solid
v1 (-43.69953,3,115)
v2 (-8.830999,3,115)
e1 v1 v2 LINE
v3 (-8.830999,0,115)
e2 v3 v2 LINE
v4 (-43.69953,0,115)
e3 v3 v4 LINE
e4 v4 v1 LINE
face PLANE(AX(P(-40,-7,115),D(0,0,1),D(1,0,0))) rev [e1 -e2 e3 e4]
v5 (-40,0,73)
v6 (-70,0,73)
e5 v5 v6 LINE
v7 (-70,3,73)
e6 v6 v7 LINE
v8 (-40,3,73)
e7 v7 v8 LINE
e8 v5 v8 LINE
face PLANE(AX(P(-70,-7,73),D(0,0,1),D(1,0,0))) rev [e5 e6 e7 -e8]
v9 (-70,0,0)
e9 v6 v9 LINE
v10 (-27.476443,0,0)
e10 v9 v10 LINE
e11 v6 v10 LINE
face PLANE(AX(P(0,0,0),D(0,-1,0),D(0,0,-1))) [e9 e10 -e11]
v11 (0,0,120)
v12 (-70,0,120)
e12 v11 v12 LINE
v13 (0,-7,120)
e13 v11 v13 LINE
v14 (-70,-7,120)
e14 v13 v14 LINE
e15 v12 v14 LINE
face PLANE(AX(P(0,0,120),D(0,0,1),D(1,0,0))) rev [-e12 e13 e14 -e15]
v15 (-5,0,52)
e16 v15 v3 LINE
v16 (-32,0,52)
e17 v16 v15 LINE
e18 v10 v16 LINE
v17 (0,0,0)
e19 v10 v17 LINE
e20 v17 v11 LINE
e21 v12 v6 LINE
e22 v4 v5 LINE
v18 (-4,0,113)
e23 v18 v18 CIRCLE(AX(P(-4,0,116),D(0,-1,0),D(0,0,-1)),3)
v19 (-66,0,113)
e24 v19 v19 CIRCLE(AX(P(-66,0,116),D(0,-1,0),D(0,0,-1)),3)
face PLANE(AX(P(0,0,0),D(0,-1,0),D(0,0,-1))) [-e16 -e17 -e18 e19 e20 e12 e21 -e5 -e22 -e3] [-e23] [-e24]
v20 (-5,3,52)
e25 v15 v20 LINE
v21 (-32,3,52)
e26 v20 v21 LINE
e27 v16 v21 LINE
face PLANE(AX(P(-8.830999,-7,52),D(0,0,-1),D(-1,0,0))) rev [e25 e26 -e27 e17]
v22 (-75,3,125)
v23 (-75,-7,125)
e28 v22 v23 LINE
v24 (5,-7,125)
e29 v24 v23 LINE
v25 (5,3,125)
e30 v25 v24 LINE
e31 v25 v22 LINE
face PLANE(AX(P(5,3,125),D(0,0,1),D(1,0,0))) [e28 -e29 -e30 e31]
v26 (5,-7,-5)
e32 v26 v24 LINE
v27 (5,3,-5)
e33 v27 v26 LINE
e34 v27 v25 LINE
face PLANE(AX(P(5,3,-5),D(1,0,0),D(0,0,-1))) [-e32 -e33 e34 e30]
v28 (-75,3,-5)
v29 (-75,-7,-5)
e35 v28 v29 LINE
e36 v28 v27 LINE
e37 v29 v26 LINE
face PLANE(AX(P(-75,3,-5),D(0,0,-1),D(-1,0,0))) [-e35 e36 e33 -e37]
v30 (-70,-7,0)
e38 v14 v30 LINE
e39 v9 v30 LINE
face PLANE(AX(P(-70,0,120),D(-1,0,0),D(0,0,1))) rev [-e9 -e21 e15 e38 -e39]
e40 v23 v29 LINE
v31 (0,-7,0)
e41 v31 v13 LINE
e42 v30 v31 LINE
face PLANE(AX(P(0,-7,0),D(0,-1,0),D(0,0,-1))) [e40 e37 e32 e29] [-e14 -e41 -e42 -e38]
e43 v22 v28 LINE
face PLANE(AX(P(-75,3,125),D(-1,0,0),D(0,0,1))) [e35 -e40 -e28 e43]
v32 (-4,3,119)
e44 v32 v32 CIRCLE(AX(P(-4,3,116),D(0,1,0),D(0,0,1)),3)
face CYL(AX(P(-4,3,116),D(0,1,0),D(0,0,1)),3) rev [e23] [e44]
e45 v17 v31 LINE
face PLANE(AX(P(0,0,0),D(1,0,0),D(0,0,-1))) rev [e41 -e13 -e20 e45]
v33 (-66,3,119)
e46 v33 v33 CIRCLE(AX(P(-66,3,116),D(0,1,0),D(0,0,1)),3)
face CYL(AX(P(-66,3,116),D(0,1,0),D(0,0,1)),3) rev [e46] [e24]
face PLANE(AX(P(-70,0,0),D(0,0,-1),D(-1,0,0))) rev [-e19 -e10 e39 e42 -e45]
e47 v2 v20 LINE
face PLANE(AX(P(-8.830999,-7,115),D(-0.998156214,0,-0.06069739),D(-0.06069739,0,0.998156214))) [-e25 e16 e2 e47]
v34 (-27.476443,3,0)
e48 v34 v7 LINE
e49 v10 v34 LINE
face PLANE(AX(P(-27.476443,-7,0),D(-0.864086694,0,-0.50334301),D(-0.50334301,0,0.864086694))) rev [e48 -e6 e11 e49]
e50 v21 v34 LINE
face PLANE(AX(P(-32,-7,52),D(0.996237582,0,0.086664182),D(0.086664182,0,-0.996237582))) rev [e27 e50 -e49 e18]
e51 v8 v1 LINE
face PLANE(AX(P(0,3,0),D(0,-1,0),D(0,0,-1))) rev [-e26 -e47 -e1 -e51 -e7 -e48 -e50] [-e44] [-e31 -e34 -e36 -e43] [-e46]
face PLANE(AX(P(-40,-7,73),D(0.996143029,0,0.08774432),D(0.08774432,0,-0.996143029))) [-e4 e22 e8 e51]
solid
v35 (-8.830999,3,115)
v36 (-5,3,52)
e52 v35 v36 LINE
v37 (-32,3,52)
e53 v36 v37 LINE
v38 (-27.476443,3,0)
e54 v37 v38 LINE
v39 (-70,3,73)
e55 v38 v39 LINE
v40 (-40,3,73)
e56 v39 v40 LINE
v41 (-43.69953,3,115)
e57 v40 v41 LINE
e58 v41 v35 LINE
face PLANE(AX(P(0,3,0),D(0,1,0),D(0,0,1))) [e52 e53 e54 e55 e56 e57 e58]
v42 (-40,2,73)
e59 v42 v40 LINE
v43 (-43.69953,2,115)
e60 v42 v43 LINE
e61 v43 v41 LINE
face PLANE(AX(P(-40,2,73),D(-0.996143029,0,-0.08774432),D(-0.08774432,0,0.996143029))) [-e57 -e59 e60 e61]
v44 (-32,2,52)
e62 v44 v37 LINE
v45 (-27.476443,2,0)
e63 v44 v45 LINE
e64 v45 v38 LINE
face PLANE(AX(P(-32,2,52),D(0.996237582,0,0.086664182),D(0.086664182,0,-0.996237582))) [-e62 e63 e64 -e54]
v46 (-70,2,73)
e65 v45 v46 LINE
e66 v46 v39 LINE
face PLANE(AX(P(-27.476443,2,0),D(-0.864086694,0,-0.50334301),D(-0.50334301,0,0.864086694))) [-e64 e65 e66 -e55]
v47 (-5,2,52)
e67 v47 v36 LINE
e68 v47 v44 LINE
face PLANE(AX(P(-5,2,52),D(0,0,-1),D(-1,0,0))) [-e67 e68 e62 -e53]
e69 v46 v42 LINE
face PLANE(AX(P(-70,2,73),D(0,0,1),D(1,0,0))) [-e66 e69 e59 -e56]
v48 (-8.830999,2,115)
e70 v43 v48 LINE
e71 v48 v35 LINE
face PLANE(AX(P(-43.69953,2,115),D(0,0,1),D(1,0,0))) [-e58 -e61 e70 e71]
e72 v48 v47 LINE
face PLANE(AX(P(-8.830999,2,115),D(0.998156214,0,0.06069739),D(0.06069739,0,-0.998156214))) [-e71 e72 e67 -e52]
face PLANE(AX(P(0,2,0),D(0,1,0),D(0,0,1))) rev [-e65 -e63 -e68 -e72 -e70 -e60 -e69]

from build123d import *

# Parameters (mm, degrees)
SKETCH1_W                    = 80
SKETCH1_H                    = 130
BOSS_EXTRUDE1_DEPTH          = 10
SKETCH2_W                    = 70
SKETCH2_H                    = 120
CUT_EXTRUDE1_DEPTH           = 7
CUT_EXTRUDE2_DEPTH           = 11
DRAFT1_ANGLE                 = -5.033852659
DRAFT2_ANGLE                 = 3.479843222
F_6_0_6_DIAMETER_HOLE1_D     = 6
F_6_0_6_DIAMETER_HOLE1_DEPTH = 10
BOSS_EXTRUDE2_DEPTH          = 1


with BuildPart() as part:
    # Sketch1 → Boss-Extrude1 (new body)
    with BuildSketch(Plane.XZ.offset(7)):
        with Locations((-35, 60)):
            Rectangle(SKETCH1_W, SKETCH1_H)
    extrude(amount=-BOSS_EXTRUDE1_DEPTH)

    # Sketch2 → Cut-Extrude1 (cut)
    with BuildSketch(Plane.XZ.offset(7)):
        with Locations((-35, 60)):
            Rectangle(SKETCH2_W, SKETCH2_H)
    extrude(amount=-CUT_EXTRUDE1_DEPTH, mode=Mode.SUBTRACT)

    # Sketch3 → Cut-Extrude2 (cut, through all)
    with BuildSketch(Plane(origin=(0, 3, 0), x_dir=(-1, 0, 0), z_dir=(0, 1, 0))):
        Polygon((40, 115), (8.830999101, 115), (8.830999101, 52), (32, 52), (27.476443014, 0), (70, 73), (40, 73), align=None)
    extrude(amount=-CUT_EXTRUDE2_DEPTH, mode=Mode.SUBTRACT)

    # Draft1
    draft1_faces = [part.faces().sort_by_distance(p)[0] for p in [
        (-40, 1.5, 94),
    ]]
    draft(draft1_faces, Plane(origin=(-70, -7, 73), x_dir=(-1, 0, 0), z_dir=(0, 0, -1)), DRAFT1_ANGLE)

    # Draft2
    draft2_faces = [part.faces().sort_by_distance(p)[0] for p in [
        (-8.830999101, 1.5, 83.5),
    ]]
    draft(draft2_faces, Plane(origin=(-40, -7, 115), x_dir=(-1, 0, 0), z_dir=(0, 0, -1)), DRAFT2_ANGLE)

    # Ø6.0 (6) Diameter Hole1
    with Locations(Plane(origin=(0, 3, 0), x_dir=(1, 0, 0), z_dir=(0, 1, 0))):
        with Locations((-66, -116), (-4, -116)):
            Hole(F_6_0_6_DIAMETER_HOLE1_D / 2, depth=F_6_0_6_DIAMETER_HOLE1_DEPTH)


with BuildPart() as body_2:
    # Sketch6 → Boss-Extrude2 (new body)
    with BuildSketch(Plane(origin=(0, 3, 0), x_dir=(1, 0, 0), z_dir=(0, 1, 0))):
        Polygon((-5, -52), (-32, -52), (-27.476443014, 0), (-70, -73), (-40, -73), (-43.699530401, -115), (-8.830999101, -115), align=None)
    extrude(amount=-BOSS_EXTRUDE2_DEPTH)


solid = Compound([part.part, body_2.part])
